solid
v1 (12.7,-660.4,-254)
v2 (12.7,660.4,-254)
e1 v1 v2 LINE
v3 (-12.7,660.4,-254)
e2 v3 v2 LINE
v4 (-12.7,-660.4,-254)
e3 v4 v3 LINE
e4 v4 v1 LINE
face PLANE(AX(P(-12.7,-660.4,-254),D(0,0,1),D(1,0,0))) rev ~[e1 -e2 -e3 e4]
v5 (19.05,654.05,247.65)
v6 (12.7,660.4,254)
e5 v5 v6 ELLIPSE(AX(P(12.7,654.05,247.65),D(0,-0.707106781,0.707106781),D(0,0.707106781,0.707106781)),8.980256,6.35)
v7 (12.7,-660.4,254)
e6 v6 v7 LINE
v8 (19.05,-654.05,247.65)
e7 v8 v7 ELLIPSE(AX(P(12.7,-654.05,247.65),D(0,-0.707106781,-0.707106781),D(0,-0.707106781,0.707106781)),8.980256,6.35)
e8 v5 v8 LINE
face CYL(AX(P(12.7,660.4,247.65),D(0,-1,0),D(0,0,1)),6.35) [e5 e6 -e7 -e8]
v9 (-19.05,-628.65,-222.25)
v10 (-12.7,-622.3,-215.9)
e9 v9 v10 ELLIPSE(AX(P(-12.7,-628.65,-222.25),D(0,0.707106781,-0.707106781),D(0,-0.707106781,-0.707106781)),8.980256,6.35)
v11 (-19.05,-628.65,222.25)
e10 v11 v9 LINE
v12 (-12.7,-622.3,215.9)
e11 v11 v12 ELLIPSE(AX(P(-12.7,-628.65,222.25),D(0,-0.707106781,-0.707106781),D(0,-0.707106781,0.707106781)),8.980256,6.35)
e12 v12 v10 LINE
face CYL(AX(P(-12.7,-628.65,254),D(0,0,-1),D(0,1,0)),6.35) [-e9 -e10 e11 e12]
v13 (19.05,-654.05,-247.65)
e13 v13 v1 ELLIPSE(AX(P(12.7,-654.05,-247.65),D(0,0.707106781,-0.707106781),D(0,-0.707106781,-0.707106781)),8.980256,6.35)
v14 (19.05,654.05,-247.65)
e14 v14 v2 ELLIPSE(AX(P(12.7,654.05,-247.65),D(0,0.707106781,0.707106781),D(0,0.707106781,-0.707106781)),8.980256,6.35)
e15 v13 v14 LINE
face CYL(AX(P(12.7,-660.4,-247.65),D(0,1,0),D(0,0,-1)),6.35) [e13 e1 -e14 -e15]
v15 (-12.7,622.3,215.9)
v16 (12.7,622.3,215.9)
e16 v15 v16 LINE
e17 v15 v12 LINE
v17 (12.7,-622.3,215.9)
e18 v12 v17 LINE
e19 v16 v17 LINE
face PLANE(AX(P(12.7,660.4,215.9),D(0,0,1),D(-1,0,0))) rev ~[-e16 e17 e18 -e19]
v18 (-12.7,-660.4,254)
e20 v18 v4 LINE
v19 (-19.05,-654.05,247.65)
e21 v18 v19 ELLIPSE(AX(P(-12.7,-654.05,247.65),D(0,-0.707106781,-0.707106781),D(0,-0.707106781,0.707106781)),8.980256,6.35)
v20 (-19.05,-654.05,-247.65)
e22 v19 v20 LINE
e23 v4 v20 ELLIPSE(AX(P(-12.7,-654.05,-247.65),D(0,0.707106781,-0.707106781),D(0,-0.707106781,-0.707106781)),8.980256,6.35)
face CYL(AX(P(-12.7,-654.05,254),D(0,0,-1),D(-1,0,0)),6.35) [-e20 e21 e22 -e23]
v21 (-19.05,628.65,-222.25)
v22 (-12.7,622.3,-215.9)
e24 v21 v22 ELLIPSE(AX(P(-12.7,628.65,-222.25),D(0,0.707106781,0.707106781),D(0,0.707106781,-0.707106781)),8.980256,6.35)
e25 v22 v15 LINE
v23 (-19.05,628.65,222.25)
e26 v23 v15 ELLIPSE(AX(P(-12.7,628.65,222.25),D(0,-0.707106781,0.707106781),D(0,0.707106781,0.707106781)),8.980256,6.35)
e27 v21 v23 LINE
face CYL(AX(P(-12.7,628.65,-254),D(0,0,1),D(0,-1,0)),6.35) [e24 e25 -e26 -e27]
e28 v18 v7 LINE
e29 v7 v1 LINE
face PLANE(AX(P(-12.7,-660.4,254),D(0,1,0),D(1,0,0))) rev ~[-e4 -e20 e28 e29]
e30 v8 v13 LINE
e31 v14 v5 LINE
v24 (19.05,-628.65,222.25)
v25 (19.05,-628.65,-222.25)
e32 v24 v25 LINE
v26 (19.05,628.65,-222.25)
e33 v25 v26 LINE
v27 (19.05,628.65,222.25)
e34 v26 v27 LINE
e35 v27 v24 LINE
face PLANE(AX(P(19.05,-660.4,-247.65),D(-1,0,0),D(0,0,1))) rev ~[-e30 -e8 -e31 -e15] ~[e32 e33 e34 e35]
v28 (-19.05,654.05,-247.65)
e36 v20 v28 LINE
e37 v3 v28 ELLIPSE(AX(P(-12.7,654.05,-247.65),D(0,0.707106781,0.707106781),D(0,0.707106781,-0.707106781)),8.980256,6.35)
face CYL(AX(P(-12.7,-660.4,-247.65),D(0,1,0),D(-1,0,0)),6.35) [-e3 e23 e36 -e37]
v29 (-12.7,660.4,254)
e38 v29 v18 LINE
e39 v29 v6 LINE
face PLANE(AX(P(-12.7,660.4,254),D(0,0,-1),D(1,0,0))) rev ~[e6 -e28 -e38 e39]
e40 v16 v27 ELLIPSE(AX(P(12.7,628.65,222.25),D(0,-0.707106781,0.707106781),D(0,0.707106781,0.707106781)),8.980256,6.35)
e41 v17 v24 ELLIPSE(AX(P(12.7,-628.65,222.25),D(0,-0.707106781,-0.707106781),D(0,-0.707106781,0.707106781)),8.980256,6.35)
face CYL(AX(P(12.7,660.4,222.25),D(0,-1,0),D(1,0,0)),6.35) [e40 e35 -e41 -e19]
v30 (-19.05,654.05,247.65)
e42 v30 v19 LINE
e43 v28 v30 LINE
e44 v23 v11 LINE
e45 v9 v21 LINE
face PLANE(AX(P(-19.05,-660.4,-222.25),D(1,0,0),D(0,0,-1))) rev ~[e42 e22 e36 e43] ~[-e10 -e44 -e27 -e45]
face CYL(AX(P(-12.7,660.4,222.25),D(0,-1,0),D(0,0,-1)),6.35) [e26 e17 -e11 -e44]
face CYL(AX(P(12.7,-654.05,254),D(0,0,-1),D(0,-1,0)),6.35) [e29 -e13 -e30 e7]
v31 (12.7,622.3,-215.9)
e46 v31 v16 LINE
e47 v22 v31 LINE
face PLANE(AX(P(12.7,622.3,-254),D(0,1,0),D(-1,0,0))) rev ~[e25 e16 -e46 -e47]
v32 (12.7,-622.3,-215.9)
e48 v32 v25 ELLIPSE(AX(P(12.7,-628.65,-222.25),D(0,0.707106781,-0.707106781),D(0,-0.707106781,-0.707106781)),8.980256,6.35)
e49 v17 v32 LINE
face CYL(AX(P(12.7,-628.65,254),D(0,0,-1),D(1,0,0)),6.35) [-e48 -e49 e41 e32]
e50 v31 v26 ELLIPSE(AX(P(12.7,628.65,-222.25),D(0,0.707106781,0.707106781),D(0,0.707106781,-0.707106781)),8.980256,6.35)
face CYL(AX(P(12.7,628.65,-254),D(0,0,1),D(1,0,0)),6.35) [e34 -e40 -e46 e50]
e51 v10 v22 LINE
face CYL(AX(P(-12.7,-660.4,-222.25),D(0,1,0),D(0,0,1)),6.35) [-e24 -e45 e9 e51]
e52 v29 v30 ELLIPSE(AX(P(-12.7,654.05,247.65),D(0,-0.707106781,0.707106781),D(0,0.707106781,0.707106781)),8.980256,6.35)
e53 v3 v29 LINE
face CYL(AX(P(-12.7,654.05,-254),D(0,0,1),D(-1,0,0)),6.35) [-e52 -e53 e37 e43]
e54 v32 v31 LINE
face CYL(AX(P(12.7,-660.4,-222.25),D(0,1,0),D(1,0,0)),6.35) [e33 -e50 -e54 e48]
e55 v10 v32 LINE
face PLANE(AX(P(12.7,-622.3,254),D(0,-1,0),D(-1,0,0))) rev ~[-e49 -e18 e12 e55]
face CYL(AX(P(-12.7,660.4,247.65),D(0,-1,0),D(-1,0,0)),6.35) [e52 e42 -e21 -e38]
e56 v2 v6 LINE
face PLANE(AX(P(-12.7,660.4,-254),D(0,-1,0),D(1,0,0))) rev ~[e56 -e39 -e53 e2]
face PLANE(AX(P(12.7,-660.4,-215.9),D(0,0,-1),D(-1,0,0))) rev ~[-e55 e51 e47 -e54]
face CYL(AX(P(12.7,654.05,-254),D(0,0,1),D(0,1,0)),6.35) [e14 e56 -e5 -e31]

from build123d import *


with BuildPart() as f2:
    # F2: sweep along a path in F0
    with BuildLine(Plane.YZ) as f2_path:
        Line((-660.4, -254), (660.4, -254))
        Line((660.4, -254), (660.4, 254))
        Line((660.4, 254), (-660.4, 254))
        Line((-660.4, 254), (-660.4, -254))
    # F1 (on Front) → F2 (sweep)
    with BuildSketch(Plane.XZ):
        with BuildLine():
            Line((-12.7, -254), (0, -254))
            Line((0, -254), (12.7, -254))
            ThreePointArc((12.7, -254), (17.1901280605, -252.1401280605), (19.05, -247.65))
            Line((19.05, -247.65), (19.05, -222.25))
            ThreePointArc((19.05, -222.25), (17.1901280605, -217.7598719395), (12.7, -215.9))
            Line((12.7, -215.9), (0, -215.9))
            Line((0, -215.9), (-12.7, -215.9))
            ThreePointArc((-12.7, -215.9), (-17.1901280605, -217.7598719395), (-19.05, -222.25))
            Line((-19.05, -222.25), (-19.05, -247.65))
            ThreePointArc((-19.05, -247.65), (-17.1901280605, -252.1401280605), (-12.7, -254))
        make_face()
        with BuildLine():
            ThreePointArc((-15.875, -222.25), (-14.9450640303, -220.0049359697), (-12.7, -219.075))
            Line((-12.7, -219.075), (0, -219.075))
            Line((0, -219.075), (12.7, -219.075))
            ThreePointArc((12.7, -219.075), (14.9450640303, -220.0049359697), (15.875, -222.25))
            Line((15.875, -222.25), (15.875, -247.65))
            ThreePointArc((15.875, -247.65), (14.9450640303, -249.8950640303), (12.7, -250.825))
            Line((12.7, -250.825), (0, -250.825))
            Line((0, -250.825), (-12.7, -250.825))
            ThreePointArc((-12.7, -250.825), (-14.9450640303, -249.8950640303), (-15.875, -247.65))
            Line((-15.875, -247.65), (-15.875, -222.25))
        make_face(mode=Mode.SUBTRACT)
        with BuildLine():
            Line((0, -219.075), (-12.7, -219.075))
            ThreePointArc((-12.7, -219.075), (-14.9450640303, -220.0049359697), (-15.875, -222.25))
            Line((-15.875, -222.25), (-15.875, -247.65))
            ThreePointArc((-15.875, -247.65), (-14.9450640303, -249.8950640303), (-12.7, -250.825))
            Line((-12.7, -250.825), (0, -250.825))
            Line((0, -250.825), (12.7, -250.825))
            ThreePointArc((12.7, -250.825), (14.9450640303, -249.8950640303), (15.875, -247.65))
            Line((15.875, -247.65), (15.875, -222.25))
            ThreePointArc((15.875, -222.25), (14.9450640303, -220.0049359697), (12.7, -219.075))
            Line((12.7, -219.075), (0, -219.075))
        make_face()
    sweep(path=f2_path.line, transition=Transition.RIGHT)


solid = f2.part
